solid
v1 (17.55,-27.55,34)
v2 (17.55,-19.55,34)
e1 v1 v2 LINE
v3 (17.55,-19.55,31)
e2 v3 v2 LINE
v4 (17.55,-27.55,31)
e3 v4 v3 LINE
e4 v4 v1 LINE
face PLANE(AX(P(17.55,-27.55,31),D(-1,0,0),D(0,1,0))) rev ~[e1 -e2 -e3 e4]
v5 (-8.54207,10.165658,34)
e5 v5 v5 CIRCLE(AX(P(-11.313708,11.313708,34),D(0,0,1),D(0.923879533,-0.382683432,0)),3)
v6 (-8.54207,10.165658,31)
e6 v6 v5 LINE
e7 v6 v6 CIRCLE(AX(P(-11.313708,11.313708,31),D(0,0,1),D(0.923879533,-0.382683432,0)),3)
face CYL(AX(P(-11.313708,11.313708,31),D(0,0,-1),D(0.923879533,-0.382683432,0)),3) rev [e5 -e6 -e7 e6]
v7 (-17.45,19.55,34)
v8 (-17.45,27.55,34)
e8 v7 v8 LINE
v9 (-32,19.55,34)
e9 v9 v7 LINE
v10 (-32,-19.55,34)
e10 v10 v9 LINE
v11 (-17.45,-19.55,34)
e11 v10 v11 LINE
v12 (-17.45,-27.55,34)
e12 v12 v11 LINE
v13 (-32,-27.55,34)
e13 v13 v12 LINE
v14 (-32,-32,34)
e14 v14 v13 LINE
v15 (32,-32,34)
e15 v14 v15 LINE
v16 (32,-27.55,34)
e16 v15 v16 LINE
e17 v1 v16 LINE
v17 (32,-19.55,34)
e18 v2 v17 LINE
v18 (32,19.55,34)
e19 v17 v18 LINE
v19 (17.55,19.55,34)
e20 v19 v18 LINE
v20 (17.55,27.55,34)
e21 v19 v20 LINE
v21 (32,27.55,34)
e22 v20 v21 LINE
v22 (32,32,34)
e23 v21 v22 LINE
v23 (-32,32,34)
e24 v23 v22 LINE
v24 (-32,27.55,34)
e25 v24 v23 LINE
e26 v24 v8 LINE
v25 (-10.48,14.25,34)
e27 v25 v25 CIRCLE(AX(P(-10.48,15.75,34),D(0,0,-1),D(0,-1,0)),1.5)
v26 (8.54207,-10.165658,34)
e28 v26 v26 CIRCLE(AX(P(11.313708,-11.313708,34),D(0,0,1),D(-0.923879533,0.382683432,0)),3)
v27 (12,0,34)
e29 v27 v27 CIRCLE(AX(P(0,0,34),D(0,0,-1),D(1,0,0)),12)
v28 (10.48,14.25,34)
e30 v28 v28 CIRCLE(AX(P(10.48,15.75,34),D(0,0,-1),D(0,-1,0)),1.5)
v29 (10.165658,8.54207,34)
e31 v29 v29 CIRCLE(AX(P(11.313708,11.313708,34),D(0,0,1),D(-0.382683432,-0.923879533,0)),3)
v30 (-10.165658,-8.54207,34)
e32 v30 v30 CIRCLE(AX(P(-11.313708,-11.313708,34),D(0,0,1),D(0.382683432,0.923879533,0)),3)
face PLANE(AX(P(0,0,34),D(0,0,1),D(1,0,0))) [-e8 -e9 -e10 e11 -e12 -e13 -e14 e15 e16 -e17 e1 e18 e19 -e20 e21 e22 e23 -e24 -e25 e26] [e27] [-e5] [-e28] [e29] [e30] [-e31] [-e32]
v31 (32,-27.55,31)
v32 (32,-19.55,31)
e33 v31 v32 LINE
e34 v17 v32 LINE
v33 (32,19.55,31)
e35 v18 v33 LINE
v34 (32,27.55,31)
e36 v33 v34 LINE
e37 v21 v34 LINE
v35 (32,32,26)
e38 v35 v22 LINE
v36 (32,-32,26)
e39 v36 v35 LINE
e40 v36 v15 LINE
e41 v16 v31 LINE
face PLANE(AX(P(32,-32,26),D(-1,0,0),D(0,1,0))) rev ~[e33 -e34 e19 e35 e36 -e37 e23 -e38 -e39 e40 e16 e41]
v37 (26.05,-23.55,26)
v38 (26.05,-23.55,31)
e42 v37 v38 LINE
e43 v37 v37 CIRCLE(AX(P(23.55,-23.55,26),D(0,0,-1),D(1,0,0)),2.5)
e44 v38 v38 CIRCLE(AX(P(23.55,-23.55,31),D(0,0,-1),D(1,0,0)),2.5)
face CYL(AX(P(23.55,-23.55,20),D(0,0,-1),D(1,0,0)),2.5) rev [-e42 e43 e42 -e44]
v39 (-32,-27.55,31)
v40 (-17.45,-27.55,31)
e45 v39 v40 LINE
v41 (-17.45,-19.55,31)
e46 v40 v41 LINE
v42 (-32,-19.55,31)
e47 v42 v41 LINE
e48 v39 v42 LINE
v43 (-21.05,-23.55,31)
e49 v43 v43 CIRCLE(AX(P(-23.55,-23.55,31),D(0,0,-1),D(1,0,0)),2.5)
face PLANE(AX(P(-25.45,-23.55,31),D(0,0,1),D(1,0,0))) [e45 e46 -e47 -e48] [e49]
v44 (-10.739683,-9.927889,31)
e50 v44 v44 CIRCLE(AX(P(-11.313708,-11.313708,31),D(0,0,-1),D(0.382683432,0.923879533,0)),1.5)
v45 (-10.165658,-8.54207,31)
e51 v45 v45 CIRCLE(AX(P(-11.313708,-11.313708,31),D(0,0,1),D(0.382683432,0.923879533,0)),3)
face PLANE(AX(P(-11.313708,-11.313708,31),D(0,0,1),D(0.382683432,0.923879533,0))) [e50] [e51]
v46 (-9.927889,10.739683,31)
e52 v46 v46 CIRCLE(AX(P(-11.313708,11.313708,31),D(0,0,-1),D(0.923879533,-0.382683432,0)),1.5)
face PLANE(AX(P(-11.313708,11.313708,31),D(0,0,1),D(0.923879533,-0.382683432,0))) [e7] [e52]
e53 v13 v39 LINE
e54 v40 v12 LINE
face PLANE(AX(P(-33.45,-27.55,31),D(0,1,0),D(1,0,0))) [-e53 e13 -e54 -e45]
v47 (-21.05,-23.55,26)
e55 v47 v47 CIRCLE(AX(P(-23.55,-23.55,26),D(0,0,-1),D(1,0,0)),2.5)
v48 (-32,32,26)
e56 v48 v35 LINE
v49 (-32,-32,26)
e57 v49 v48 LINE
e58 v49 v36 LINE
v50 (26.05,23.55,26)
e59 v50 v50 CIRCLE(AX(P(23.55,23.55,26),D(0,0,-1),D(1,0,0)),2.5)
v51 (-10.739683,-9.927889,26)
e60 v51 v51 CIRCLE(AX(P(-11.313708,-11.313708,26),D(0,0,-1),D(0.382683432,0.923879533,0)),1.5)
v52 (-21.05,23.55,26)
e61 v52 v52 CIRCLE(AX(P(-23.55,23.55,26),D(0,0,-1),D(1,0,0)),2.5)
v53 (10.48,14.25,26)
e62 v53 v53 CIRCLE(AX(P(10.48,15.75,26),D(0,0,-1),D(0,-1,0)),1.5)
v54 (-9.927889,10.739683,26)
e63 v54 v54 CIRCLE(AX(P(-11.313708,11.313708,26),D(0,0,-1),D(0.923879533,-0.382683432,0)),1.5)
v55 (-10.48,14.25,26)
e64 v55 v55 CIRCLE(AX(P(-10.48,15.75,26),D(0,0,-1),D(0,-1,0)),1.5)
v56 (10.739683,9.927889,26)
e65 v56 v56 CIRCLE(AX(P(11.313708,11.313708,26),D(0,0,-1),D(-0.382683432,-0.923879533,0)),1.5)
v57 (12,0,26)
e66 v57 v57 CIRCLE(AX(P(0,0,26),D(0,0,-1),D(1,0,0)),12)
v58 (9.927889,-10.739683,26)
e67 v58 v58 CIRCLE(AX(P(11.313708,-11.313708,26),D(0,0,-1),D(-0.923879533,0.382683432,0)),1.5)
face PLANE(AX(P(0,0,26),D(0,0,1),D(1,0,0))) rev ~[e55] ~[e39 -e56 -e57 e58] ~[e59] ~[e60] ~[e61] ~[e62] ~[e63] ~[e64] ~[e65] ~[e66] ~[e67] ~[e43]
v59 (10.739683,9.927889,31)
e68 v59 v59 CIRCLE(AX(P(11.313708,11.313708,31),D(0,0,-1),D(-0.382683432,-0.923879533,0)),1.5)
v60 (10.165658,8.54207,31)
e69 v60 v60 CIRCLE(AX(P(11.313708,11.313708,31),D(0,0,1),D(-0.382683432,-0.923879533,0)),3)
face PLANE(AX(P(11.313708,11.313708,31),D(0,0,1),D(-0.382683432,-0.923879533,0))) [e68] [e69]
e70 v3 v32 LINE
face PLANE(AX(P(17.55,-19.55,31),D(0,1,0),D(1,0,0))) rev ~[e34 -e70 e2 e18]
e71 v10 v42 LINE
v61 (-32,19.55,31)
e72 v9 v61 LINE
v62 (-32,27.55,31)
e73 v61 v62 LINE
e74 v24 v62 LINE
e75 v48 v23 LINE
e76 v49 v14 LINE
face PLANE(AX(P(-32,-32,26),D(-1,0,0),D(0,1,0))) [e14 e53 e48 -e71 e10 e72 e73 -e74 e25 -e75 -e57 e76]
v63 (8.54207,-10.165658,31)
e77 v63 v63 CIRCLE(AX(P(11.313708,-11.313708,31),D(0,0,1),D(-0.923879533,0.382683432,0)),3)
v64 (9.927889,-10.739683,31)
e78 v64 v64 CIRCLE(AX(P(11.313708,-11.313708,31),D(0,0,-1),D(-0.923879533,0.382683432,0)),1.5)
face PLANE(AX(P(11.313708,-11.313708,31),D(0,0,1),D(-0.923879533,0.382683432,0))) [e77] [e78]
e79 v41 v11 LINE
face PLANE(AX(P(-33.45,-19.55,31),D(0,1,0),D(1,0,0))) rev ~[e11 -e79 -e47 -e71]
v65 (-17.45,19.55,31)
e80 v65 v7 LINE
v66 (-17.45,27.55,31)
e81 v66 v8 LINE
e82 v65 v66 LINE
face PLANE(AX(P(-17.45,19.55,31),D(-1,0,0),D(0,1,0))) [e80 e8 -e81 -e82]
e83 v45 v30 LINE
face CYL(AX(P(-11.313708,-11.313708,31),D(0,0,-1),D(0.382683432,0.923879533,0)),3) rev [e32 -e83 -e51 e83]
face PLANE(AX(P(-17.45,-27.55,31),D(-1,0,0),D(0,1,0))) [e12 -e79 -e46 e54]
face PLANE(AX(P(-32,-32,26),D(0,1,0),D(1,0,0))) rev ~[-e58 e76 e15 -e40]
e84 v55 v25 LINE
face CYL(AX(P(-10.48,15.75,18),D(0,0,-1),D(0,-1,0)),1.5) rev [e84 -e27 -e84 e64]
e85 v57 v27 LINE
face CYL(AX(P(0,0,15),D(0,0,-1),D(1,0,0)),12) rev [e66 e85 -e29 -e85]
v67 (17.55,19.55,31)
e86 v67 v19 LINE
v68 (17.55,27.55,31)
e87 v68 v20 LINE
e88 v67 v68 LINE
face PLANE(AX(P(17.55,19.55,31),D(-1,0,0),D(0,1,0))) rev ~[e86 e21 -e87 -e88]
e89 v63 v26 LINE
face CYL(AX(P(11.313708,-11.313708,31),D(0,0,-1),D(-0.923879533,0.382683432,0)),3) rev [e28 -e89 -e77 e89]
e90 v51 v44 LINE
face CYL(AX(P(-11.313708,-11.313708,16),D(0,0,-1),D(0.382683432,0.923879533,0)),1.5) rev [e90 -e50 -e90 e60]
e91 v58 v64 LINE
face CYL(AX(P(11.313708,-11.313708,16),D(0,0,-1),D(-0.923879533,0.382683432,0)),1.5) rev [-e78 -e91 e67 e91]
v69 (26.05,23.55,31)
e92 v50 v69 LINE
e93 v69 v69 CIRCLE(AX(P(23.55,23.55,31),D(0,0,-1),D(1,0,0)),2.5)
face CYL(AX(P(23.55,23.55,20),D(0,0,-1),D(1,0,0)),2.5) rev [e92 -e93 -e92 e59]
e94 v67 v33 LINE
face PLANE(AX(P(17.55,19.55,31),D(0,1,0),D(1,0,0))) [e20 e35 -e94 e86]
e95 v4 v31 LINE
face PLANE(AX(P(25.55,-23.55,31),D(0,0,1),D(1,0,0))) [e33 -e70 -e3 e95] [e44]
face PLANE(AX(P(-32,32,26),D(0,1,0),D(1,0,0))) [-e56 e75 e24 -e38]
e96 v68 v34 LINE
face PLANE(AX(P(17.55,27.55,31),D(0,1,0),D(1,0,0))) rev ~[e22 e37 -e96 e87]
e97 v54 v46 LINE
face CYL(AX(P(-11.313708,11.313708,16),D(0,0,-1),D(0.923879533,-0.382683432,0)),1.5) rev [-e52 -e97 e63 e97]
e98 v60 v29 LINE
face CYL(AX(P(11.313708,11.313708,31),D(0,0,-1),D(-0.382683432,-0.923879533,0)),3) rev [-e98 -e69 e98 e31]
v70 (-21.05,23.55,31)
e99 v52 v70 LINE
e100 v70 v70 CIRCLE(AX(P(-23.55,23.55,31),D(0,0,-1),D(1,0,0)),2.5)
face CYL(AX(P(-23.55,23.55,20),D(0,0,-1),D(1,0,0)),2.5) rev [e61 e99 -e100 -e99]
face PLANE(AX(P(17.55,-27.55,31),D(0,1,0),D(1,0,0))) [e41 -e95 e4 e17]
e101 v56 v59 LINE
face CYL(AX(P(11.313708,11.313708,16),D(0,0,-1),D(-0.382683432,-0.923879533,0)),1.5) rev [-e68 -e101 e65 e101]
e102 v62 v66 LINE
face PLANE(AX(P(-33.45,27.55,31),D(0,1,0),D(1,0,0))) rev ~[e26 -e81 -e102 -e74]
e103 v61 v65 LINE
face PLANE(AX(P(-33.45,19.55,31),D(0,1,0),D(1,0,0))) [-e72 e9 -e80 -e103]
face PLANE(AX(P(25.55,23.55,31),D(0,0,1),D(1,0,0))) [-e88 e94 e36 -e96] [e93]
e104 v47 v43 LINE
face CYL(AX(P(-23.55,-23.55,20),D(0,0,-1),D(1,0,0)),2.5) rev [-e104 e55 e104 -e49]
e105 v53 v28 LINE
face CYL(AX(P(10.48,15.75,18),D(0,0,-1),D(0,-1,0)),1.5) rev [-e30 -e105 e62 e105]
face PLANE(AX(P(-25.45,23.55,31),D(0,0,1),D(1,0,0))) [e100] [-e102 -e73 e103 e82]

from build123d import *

# Parameters (mm, degrees)
CYLINDER776_R                = 1.5
CYLINDER776_DEPTH            = 20
CYLINDER774_R                = 1.5
CYLINDER774_DEPTH            = 20
COMPOUND536_ROLL_ANGLE       = 90
COMPOUND536_PLACEMENT_ANGLE  = 90
BOX640_W                     = 16
BOX640_H                     = 8
BOX640_DEPTH                 = 3
BOX639_W                     = 16
BOX639_H                     = 8
BOX639_DEPTH                 = 3
BOX636_W                     = 16
BOX636_H                     = 8
BOX636_DEPTH                 = 3
BOX637_W                     = 16
BOX637_H                     = 8
BOX637_DEPTH                 = 3
CYLINDER1600_R               = 12
CYLINDER1600_DEPTH           = 20
CYLINDER1598_R               = 5
CYLINDER1598_DEPTH           = 4
CYLINDER1605_R               = 5
CYLINDER1605_DEPTH           = 4
CYLINDER1612_R               = 5
CYLINDER1612_DEPTH           = 4
CYLINDER1610_R               = 5
CYLINDER1610_DEPTH           = 4
CYLINDER1604_R               = 2.5
CYLINDER1604_DEPTH           = 20
CYLINDER1608_R               = 2.5
CYLINDER1608_DEPTH           = 20
CYLINDER1607_R               = 2.5
CYLINDER1607_DEPTH           = 20
CYLINDER1602_R               = 2.5
CYLINDER1602_DEPTH           = 20
CYLINDER1609_R               = 3
CYLINDER1609_DEPTH           = 3
CYLINDER1609_PLACEMENT_ANGLE = 22.5
CYLINDER1601_R               = 3
CYLINDER1601_DEPTH           = 3
CYLINDER1601_PLACEMENT_ANGLE = 67.5
CYLINDER1606_R               = 3
CYLINDER1606_DEPTH           = 3
CYLINDER1606_PLACEMENT_ANGLE = 202.5
CYLINDER1611_R               = 3
CYLINDER1611_DEPTH           = 3
CYLINDER1611_PLACEMENT_ANGLE = 112.5
COMPOUND801_PLACEMENT_ANGLE  = 45
CYLINDER1603_R               = 1.5
CYLINDER1603_DEPTH           = 30
CYLINDER1603_PLACEMENT_ANGLE = 22.5
CYLINDER1613_R               = 1.5
CYLINDER1613_DEPTH           = 30
CYLINDER1613_PLACEMENT_ANGLE = 67.5
CYLINDER1614_R               = 1.5
CYLINDER1614_DEPTH           = 30
CYLINDER1614_PLACEMENT_ANGLE = 202.5
CYLINDER1599_R               = 1.5
CYLINDER1599_DEPTH           = 30
CYLINDER1599_PLACEMENT_ANGLE = 112.5
COMPOUND802_PLACEMENT_ANGLE  = 45
BOX638_W                     = 64
BOX638_H                     = 64
BOX638_DEPTH                 = 8


with BuildPart() as v_lec776:
    # Cylinder776 → Cylinder776 (new body)
    with BuildSketch(Plane(origin=(15.75, 114, 59.48), x_dir=(-1, 0, 0), z_dir=(0, 1, 0))):
        Circle(CYLINDER776_R)
    extrude(amount=CYLINDER776_DEPTH)


with BuildPart() as compound536:
    # Cylinder774 → Cylinder774 (new body)
    with BuildSketch(Plane(origin=(15.75, 114, 38.52), x_dir=(-1, 0, 0), z_dir=(0, 1, 0))):
        Circle(CYLINDER774_R)
    extrude(amount=CYLINDER774_DEPTH)

    # Compound536: union Válec776
    add(v_lec776.part)


with BuildPart() as compound536_1:
    # Compound536 roll: moved
    add(compound536.part.rotate(Axis((0, 0, 0), (1, 0, 0)), COMPOUND536_ROLL_ANGLE))


with BuildPart() as compound536_2:
    # Compound536 placement: moved
    add(compound536_1.part.moved(Location((-49, 0, -96))).rotate(Axis((-49, 0, -96), (0, 0, 1)), COMPOUND536_PLACEMENT_ANGLE))


with BuildPart() as krychle640:
    # Box640 → Box640 (new body)
    with BuildSketch(Plane(origin=(17.55, -27.55, 31), x_dir=(1, 0, 0), z_dir=(0, 0, 1))):
        with Locations((8, 4)):
            Rectangle(BOX640_W, BOX640_H)
    extrude(amount=BOX640_DEPTH)


with BuildPart() as krychle639:
    # Box639 → Box639 (new body)
    with BuildSketch(Plane(origin=(-33.45, 19.55, 31), x_dir=(1, 0, 0), z_dir=(0, 0, 1))):
        with Locations((8, 4)):
            Rectangle(BOX639_W, BOX639_H)
    extrude(amount=BOX639_DEPTH)


with BuildPart() as krychle636:
    # Box636 → Box636 (new body)
    with BuildSketch(Plane(origin=(-33.45, -27.55, 31), x_dir=(1, 0, 0), z_dir=(0, 0, 1))):
        with Locations((8, 4)):
            Rectangle(BOX636_W, BOX636_H)
    extrude(amount=BOX636_DEPTH)


with BuildPart() as compound800:
    # Box637 → Box637 (new body)
    with BuildSketch(Plane(origin=(17.55, 19.55, 31), x_dir=(1, 0, 0), z_dir=(0, 0, 1))):
        with Locations((8, 4)):
            Rectangle(BOX637_W, BOX637_H)
    extrude(amount=BOX637_DEPTH)

    # Compound800: union Krychle640, Krychle639, Krychle636
    add(krychle640.part)
    add(krychle639.part)
    add(krychle636.part)


with BuildPart() as v_lec1600:
    # Cylinder1600 → Cylinder1600 (new body)
    with BuildSketch(Plane.XY.offset(15)):
        Circle(CYLINDER1600_R)
    extrude(amount=CYLINDER1600_DEPTH)


with BuildPart() as v_lec1598:
    # Cylinder1598 → Cylinder1598 (new body)
    with BuildSketch(Plane(origin=(23.55, 23.55, 26), x_dir=(1, 0, 0), z_dir=(0, 0, 1))):
        Circle(CYLINDER1598_R)
    extrude(amount=CYLINDER1598_DEPTH)


with BuildPart() as v_lec1605:
    # Cylinder1605 → Cylinder1605 (new body)
    with BuildSketch(Plane(origin=(23.55, -23.55, 26), x_dir=(1, 0, 0), z_dir=(0, 0, 1))):
        Circle(CYLINDER1605_R)
    extrude(amount=CYLINDER1605_DEPTH)


with BuildPart() as v_lec1612:
    # Cylinder1612 → Cylinder1612 (new body)
    with BuildSketch(Plane(origin=(-23.55, 23.55, 26), x_dir=(1, 0, 0), z_dir=(0, 0, 1))):
        Circle(CYLINDER1612_R)
    extrude(amount=CYLINDER1612_DEPTH)


with BuildPart() as compound799:
    # Cylinder1610 → Cylinder1610 (new body)
    with BuildSketch(Plane(origin=(-23.55, -23.55, 26), x_dir=(1, 0, 0), z_dir=(0, 0, 1))):
        Circle(CYLINDER1610_R)
    extrude(amount=CYLINDER1610_DEPTH)

    # Compound799: union Válec1598, Válec1605, Válec1612
    add(v_lec1598.part)
    add(v_lec1605.part)
    add(v_lec1612.part)


with BuildPart() as compound799_1:
    # Compound799 placement: moved
    add(compound799.part.moved(Location((0, 0, -50))))


with BuildPart() as v_lec1604:
    # Cylinder1604 → Cylinder1604 (new body)
    with BuildSketch(Plane(origin=(-23.55, 23.55, 20), x_dir=(1, 0, 0), z_dir=(0, 0, 1))):
        Circle(CYLINDER1604_R)
    extrude(amount=CYLINDER1604_DEPTH)


with BuildPart() as v_lec1608:
    # Cylinder1608 → Cylinder1608 (new body)
    with BuildSketch(Plane(origin=(-23.55, -23.55, 20), x_dir=(1, 0, 0), z_dir=(0, 0, 1))):
        Circle(CYLINDER1608_R)
    extrude(amount=CYLINDER1608_DEPTH)


with BuildPart() as v_lec1607:
    # Cylinder1607 → Cylinder1607 (new body)
    with BuildSketch(Plane(origin=(23.55, -23.55, 20), x_dir=(1, 0, 0), z_dir=(0, 0, 1))):
        Circle(CYLINDER1607_R)
    extrude(amount=CYLINDER1607_DEPTH)


with BuildPart() as compound798:
    # Cylinder1602 → Cylinder1602 (new body)
    with BuildSketch(Plane(origin=(23.55, 23.55, 20), x_dir=(1, 0, 0), z_dir=(0, 0, 1))):
        Circle(CYLINDER1602_R)
    extrude(amount=CYLINDER1602_DEPTH)

    # Compound798: union Válec1604, Válec1608, Válec1607
    add(v_lec1604.part)
    add(v_lec1608.part)
    add(v_lec1607.part)


with BuildPart() as v_lec1609:
    # Cylinder1609 → Cylinder1609 (new body)
    with BuildSketch(Plane.XY):
        Circle(CYLINDER1609_R)
    extrude(amount=CYLINDER1609_DEPTH)


with BuildPart() as v_lec1609_1:
    # Cylinder1609 placement: moved
    add(v_lec1609.part.moved(Location((-16, 0, 2))).rotate(Axis((-16, 0, 2), (0, 0, 1)), CYLINDER1609_PLACEMENT_ANGLE))


with BuildPart() as v_lec1601:
    # Cylinder1601 → Cylinder1601 (new body)
    with BuildSketch(Plane.XY):
        Circle(CYLINDER1601_R)
    extrude(amount=CYLINDER1601_DEPTH)


with BuildPart() as v_lec1601_1:
    # Cylinder1601 placement: moved
    add(v_lec1601.part.moved(Location((0, 16, 2))).rotate(Axis((0, 16, 2), (0, 0, -1)), CYLINDER1601_PLACEMENT_ANGLE))


with BuildPart() as v_lec1606:
    # Cylinder1606 → Cylinder1606 (new body)
    with BuildSketch(Plane.XY):
        Circle(CYLINDER1606_R)
    extrude(amount=CYLINDER1606_DEPTH)


with BuildPart() as v_lec1606_1:
    # Cylinder1606 placement: moved
    add(v_lec1606.part.moved(Location((16, 0, 2))).rotate(Axis((16, 0, 2), (0, 0, 1)), CYLINDER1606_PLACEMENT_ANGLE))


with BuildPart() as compound801:
    # Cylinder1611 → Cylinder1611 (new body)
    with BuildSketch(Plane.XY):
        Circle(CYLINDER1611_R)
    extrude(amount=CYLINDER1611_DEPTH)


with BuildPart() as compound801_1:
    # Cylinder1611 placement: moved
    add(compound801.part.moved(Location((0, -16, 2))).rotate(Axis((0, -16, 2), (0, 0, 1)), CYLINDER1611_PLACEMENT_ANGLE))

    # Compound801: union Válec1609, Válec1601, Válec1606
    add(v_lec1609_1.part)
    add(v_lec1601_1.part)
    add(v_lec1606_1.part)


with BuildPart() as compound801_2:
    # Compound801 placement: moved
    add(compound801_1.part.moved(Location((0, 0, 29))).rotate(Axis((0, 0, 29), (0, 0, 1)), COMPOUND801_PLACEMENT_ANGLE))


with BuildPart() as v_lec1603:
    # Cylinder1603 → Cylinder1603 (new body)
    with BuildSketch(Plane.XY):
        Circle(CYLINDER1603_R)
    extrude(amount=CYLINDER1603_DEPTH)


with BuildPart() as v_lec1603_1:
    # Cylinder1603 placement: moved
    add(v_lec1603.part.moved(Location((-16, 0, 2))).rotate(Axis((-16, 0, 2), (0, 0, 1)), CYLINDER1603_PLACEMENT_ANGLE))


with BuildPart() as v_lec1613:
    # Cylinder1613 → Cylinder1613 (new body)
    with BuildSketch(Plane.XY):
        Circle(CYLINDER1613_R)
    extrude(amount=CYLINDER1613_DEPTH)


with BuildPart() as v_lec1613_1:
    # Cylinder1613 placement: moved
    add(v_lec1613.part.moved(Location((0, 16, 2))).rotate(Axis((0, 16, 2), (0, 0, -1)), CYLINDER1613_PLACEMENT_ANGLE))


with BuildPart() as v_lec1614:
    # Cylinder1614 → Cylinder1614 (new body)
    with BuildSketch(Plane.XY):
        Circle(CYLINDER1614_R)
    extrude(amount=CYLINDER1614_DEPTH)


with BuildPart() as v_lec1614_1:
    # Cylinder1614 placement: moved
    add(v_lec1614.part.moved(Location((16, 0, 2))).rotate(Axis((16, 0, 2), (0, 0, 1)), CYLINDER1614_PLACEMENT_ANGLE))


with BuildPart() as compound802:
    # Cylinder1599 → Cylinder1599 (new body)
    with BuildSketch(Plane.XY):
        Circle(CYLINDER1599_R)
    extrude(amount=CYLINDER1599_DEPTH)


with BuildPart() as compound802_1:
    # Cylinder1599 placement: moved
    add(compound802.part.moved(Location((0, -16, 2))).rotate(Axis((0, -16, 2), (0, 0, 1)), CYLINDER1599_PLACEMENT_ANGLE))

    # Compound802: union Válec1603, Válec1613, Válec1614
    add(v_lec1603_1.part)
    add(v_lec1613_1.part)
    add(v_lec1614_1.part)


with BuildPart() as compound802_2:
    # Compound802 placement: moved
    add(compound802_1.part.moved(Location((0, 0, 14))).rotate(Axis((0, 0, 14), (0, 0, 1)), COMPOUND802_PLACEMENT_ANGLE))


with BuildPart() as cut179:
    # Box638 → Box638 (new body)
    with BuildSketch(Plane(origin=(-32, -32, 26), x_dir=(1, 0, 0), z_dir=(0, 0, 1))):
        with Locations((32, 32)):
            Rectangle(BOX638_W, BOX638_H)
    extrude(amount=BOX638_DEPTH)

    # Cut173: cut Compound802
    add(compound802_2.part, mode=Mode.SUBTRACT)

    # Cut174: cut Compound801
    add(compound801_2.part, mode=Mode.SUBTRACT)

    # Cut177: cut Compound798
    add(compound798.part, mode=Mode.SUBTRACT)

    # Cut175: cut Compound799
    add(compound799_1.part, mode=Mode.SUBTRACT)

    # Cut176: cut Válec1600
    add(v_lec1600.part, mode=Mode.SUBTRACT)

    # Cut178: cut Compound800
    add(compound800.part, mode=Mode.SUBTRACT)

    # Cut179: cut Compound536
    add(compound536_2.part, mode=Mode.SUBTRACT)


solid = cut179.part
